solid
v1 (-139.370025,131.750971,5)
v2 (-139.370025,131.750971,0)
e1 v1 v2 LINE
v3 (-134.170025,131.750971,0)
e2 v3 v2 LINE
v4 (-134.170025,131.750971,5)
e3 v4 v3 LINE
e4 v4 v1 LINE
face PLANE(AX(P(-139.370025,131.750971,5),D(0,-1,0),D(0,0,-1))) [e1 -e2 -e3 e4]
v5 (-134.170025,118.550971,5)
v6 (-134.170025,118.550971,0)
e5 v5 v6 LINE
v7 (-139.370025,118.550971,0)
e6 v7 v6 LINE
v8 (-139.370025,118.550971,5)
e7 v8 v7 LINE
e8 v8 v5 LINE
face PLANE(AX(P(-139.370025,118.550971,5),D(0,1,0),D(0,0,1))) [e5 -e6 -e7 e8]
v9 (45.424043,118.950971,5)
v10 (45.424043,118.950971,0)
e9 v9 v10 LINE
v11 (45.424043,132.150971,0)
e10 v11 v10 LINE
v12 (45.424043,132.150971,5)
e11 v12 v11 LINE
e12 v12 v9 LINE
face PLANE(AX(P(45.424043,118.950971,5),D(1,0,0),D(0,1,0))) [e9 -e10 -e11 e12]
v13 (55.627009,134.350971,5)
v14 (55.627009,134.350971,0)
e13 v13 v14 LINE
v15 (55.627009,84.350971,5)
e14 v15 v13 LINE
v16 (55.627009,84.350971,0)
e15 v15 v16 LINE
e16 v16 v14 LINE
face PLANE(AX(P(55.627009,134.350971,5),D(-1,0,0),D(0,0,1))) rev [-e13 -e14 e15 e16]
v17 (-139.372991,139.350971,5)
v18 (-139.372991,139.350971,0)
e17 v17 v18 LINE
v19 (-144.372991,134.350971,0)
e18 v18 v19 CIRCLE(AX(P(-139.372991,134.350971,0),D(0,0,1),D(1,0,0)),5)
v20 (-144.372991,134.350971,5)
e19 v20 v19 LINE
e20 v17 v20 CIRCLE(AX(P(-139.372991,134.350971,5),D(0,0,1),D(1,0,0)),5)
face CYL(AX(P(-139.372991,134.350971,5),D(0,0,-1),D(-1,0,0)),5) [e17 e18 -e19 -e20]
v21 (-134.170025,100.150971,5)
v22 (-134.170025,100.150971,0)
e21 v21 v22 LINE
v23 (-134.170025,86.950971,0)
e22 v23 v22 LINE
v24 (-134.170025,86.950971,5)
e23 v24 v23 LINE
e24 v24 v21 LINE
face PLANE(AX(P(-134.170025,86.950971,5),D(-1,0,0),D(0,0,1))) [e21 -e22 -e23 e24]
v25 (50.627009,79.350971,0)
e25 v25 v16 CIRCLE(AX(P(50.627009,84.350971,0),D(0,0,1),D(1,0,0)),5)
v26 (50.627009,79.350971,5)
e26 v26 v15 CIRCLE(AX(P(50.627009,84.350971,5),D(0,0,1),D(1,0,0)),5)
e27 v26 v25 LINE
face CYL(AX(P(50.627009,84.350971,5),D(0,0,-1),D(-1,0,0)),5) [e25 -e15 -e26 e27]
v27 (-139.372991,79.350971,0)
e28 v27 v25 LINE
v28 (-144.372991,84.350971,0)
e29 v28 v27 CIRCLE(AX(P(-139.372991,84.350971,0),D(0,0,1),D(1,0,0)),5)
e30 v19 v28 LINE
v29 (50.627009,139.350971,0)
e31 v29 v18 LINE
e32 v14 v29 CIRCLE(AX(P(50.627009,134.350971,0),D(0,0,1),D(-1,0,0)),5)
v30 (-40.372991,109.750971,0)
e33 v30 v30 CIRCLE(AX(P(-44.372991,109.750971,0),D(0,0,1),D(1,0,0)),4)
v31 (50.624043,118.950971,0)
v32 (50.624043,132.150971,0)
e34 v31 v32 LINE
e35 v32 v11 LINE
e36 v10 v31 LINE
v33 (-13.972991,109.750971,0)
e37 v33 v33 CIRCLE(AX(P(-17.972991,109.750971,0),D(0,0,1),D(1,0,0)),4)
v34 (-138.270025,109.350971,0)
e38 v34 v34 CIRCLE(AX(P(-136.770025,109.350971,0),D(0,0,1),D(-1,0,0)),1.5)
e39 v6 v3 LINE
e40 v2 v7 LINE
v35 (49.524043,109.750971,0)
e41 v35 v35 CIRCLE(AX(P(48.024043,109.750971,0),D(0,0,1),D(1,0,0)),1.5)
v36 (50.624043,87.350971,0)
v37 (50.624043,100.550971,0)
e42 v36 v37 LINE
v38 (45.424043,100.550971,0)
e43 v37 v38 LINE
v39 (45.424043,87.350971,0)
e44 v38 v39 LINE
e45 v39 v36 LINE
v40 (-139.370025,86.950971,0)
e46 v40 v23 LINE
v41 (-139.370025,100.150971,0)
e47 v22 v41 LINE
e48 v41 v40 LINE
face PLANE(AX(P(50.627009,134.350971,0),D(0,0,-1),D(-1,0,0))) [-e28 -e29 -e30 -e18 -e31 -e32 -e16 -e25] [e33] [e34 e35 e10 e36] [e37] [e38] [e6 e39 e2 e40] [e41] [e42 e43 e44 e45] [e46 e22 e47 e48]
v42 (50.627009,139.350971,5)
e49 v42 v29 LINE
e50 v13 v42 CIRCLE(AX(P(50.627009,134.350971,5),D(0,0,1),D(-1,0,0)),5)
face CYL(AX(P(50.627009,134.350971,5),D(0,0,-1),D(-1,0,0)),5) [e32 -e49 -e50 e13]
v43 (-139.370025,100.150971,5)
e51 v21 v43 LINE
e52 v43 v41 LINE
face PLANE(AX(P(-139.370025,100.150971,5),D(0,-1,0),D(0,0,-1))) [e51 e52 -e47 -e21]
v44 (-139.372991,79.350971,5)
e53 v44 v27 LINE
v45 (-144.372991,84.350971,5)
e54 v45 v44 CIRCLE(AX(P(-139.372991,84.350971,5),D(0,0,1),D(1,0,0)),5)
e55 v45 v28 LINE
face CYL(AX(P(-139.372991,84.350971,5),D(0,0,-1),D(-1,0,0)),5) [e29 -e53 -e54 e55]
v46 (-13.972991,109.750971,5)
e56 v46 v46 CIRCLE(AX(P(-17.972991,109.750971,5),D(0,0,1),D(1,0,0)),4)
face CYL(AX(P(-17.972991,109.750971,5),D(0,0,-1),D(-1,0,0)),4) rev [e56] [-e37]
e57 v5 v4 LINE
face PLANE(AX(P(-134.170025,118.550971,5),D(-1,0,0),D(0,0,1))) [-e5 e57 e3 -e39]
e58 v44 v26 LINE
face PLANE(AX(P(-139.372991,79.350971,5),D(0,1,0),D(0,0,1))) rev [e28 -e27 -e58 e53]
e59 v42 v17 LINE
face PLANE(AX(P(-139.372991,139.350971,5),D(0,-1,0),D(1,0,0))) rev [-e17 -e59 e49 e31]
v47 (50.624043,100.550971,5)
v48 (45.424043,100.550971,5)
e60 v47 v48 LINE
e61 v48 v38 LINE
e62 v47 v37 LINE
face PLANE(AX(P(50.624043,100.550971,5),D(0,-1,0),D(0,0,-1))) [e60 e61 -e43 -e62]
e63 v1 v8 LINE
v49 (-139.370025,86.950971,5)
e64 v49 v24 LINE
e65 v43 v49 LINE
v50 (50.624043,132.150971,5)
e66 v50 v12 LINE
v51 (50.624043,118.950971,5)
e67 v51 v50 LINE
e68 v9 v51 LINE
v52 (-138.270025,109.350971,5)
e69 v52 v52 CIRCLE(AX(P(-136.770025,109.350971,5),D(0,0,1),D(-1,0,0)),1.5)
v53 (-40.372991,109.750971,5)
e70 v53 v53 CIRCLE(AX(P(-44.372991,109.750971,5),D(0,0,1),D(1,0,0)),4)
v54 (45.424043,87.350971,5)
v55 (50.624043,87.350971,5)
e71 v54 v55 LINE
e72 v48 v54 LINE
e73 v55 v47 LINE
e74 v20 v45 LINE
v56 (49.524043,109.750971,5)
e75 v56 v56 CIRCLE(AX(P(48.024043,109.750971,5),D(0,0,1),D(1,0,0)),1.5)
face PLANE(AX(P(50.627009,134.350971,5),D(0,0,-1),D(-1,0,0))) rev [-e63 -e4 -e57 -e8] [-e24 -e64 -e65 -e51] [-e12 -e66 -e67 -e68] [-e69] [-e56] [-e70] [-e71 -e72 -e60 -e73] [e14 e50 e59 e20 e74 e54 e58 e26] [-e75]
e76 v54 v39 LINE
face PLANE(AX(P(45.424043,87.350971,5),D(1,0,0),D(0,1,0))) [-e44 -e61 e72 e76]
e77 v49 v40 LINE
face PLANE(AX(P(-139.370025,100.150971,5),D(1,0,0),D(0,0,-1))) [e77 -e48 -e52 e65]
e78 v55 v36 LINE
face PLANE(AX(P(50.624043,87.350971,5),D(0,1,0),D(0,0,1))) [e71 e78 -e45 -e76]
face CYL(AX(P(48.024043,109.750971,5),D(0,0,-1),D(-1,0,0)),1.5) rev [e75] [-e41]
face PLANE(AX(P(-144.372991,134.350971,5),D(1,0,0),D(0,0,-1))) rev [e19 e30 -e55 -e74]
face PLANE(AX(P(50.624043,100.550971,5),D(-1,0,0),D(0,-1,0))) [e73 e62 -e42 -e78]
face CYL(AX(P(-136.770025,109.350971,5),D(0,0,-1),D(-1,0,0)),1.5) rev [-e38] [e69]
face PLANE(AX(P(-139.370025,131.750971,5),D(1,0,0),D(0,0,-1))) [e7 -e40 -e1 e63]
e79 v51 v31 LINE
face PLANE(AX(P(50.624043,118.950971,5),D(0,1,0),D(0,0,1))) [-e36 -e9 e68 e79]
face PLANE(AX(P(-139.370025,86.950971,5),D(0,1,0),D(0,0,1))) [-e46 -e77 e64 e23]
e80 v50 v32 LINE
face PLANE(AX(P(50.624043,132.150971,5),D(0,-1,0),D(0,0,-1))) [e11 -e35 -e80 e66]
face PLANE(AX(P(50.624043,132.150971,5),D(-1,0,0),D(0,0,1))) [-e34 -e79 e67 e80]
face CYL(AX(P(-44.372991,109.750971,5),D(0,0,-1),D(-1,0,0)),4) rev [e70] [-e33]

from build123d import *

# Parameters (mm, degrees)
SKETCH1_R           = 1.5
SKETCH1_R_2         = 4
SKETCH1_W           = 5.2
SKETCH1_H           = 13.2
BOSS_EXTRUDE1_DEPTH = 5


with BuildPart() as part:
    # Sketch1 → Boss-Extrude1 (new body)
    with BuildSketch(Plane.XY):
        with BuildLine():
            Line((-139.3729909, 139.350971349), (50.6270091, 139.350971349))
            ThreePointArc((50.6270091, 139.350971349), (54.162543006, 137.886505255), (55.6270091, 134.350971349))
            Line((55.6270091, 134.350971349), (55.6270091, 84.350971349))
            ThreePointArc((55.6270091, 84.350971349), (54.162543006, 80.815437443), (50.6270091, 79.350971349))
            Line((50.6270091, 79.350971349), (-139.3729909, 79.350971349))
            ThreePointArc((-139.3729909, 79.350971349), (-142.908524806, 80.815437443), (-144.3729909, 84.350971349))
            Line((-144.3729909, 84.350971349), (-144.3729909, 134.350971349))
            ThreePointArc((-144.3729909, 134.350971349), (-142.908524806, 137.886505255), (-139.3729909, 139.350971349))
        make_face()
        with Locations((48.024043129, 109.750971349)):
            Circle(SKETCH1_R, mode=Mode.SUBTRACT)
        with Locations(Location((-136.770024929, 109.350971349, 0), (0, 0, 180))):
            Circle(SKETCH1_R, mode=Mode.SUBTRACT)
        with Locations((-44.3729909, 109.750971349)):
            Circle(SKETCH1_R_2, mode=Mode.SUBTRACT)
        with Locations((-17.9729909, 109.750971349)):
            Circle(SKETCH1_R_2, mode=Mode.SUBTRACT)
        with Locations((-136.770024929, 125.150971349)):
            Rectangle(SKETCH1_W, SKETCH1_H, mode=Mode.SUBTRACT)
        with Locations((48.024043129, 93.950971349)):
            Rectangle(SKETCH1_W, SKETCH1_H, mode=Mode.SUBTRACT)
        with Locations((48.024043129, 125.550971349)):
            Rectangle(SKETCH1_W, SKETCH1_H, mode=Mode.SUBTRACT)
        with Locations((-136.770024929, 93.550971349)):
            Rectangle(SKETCH1_W, SKETCH1_H, mode=Mode.SUBTRACT)
    extrude(amount=BOSS_EXTRUDE1_DEPTH)


solid = part.part
